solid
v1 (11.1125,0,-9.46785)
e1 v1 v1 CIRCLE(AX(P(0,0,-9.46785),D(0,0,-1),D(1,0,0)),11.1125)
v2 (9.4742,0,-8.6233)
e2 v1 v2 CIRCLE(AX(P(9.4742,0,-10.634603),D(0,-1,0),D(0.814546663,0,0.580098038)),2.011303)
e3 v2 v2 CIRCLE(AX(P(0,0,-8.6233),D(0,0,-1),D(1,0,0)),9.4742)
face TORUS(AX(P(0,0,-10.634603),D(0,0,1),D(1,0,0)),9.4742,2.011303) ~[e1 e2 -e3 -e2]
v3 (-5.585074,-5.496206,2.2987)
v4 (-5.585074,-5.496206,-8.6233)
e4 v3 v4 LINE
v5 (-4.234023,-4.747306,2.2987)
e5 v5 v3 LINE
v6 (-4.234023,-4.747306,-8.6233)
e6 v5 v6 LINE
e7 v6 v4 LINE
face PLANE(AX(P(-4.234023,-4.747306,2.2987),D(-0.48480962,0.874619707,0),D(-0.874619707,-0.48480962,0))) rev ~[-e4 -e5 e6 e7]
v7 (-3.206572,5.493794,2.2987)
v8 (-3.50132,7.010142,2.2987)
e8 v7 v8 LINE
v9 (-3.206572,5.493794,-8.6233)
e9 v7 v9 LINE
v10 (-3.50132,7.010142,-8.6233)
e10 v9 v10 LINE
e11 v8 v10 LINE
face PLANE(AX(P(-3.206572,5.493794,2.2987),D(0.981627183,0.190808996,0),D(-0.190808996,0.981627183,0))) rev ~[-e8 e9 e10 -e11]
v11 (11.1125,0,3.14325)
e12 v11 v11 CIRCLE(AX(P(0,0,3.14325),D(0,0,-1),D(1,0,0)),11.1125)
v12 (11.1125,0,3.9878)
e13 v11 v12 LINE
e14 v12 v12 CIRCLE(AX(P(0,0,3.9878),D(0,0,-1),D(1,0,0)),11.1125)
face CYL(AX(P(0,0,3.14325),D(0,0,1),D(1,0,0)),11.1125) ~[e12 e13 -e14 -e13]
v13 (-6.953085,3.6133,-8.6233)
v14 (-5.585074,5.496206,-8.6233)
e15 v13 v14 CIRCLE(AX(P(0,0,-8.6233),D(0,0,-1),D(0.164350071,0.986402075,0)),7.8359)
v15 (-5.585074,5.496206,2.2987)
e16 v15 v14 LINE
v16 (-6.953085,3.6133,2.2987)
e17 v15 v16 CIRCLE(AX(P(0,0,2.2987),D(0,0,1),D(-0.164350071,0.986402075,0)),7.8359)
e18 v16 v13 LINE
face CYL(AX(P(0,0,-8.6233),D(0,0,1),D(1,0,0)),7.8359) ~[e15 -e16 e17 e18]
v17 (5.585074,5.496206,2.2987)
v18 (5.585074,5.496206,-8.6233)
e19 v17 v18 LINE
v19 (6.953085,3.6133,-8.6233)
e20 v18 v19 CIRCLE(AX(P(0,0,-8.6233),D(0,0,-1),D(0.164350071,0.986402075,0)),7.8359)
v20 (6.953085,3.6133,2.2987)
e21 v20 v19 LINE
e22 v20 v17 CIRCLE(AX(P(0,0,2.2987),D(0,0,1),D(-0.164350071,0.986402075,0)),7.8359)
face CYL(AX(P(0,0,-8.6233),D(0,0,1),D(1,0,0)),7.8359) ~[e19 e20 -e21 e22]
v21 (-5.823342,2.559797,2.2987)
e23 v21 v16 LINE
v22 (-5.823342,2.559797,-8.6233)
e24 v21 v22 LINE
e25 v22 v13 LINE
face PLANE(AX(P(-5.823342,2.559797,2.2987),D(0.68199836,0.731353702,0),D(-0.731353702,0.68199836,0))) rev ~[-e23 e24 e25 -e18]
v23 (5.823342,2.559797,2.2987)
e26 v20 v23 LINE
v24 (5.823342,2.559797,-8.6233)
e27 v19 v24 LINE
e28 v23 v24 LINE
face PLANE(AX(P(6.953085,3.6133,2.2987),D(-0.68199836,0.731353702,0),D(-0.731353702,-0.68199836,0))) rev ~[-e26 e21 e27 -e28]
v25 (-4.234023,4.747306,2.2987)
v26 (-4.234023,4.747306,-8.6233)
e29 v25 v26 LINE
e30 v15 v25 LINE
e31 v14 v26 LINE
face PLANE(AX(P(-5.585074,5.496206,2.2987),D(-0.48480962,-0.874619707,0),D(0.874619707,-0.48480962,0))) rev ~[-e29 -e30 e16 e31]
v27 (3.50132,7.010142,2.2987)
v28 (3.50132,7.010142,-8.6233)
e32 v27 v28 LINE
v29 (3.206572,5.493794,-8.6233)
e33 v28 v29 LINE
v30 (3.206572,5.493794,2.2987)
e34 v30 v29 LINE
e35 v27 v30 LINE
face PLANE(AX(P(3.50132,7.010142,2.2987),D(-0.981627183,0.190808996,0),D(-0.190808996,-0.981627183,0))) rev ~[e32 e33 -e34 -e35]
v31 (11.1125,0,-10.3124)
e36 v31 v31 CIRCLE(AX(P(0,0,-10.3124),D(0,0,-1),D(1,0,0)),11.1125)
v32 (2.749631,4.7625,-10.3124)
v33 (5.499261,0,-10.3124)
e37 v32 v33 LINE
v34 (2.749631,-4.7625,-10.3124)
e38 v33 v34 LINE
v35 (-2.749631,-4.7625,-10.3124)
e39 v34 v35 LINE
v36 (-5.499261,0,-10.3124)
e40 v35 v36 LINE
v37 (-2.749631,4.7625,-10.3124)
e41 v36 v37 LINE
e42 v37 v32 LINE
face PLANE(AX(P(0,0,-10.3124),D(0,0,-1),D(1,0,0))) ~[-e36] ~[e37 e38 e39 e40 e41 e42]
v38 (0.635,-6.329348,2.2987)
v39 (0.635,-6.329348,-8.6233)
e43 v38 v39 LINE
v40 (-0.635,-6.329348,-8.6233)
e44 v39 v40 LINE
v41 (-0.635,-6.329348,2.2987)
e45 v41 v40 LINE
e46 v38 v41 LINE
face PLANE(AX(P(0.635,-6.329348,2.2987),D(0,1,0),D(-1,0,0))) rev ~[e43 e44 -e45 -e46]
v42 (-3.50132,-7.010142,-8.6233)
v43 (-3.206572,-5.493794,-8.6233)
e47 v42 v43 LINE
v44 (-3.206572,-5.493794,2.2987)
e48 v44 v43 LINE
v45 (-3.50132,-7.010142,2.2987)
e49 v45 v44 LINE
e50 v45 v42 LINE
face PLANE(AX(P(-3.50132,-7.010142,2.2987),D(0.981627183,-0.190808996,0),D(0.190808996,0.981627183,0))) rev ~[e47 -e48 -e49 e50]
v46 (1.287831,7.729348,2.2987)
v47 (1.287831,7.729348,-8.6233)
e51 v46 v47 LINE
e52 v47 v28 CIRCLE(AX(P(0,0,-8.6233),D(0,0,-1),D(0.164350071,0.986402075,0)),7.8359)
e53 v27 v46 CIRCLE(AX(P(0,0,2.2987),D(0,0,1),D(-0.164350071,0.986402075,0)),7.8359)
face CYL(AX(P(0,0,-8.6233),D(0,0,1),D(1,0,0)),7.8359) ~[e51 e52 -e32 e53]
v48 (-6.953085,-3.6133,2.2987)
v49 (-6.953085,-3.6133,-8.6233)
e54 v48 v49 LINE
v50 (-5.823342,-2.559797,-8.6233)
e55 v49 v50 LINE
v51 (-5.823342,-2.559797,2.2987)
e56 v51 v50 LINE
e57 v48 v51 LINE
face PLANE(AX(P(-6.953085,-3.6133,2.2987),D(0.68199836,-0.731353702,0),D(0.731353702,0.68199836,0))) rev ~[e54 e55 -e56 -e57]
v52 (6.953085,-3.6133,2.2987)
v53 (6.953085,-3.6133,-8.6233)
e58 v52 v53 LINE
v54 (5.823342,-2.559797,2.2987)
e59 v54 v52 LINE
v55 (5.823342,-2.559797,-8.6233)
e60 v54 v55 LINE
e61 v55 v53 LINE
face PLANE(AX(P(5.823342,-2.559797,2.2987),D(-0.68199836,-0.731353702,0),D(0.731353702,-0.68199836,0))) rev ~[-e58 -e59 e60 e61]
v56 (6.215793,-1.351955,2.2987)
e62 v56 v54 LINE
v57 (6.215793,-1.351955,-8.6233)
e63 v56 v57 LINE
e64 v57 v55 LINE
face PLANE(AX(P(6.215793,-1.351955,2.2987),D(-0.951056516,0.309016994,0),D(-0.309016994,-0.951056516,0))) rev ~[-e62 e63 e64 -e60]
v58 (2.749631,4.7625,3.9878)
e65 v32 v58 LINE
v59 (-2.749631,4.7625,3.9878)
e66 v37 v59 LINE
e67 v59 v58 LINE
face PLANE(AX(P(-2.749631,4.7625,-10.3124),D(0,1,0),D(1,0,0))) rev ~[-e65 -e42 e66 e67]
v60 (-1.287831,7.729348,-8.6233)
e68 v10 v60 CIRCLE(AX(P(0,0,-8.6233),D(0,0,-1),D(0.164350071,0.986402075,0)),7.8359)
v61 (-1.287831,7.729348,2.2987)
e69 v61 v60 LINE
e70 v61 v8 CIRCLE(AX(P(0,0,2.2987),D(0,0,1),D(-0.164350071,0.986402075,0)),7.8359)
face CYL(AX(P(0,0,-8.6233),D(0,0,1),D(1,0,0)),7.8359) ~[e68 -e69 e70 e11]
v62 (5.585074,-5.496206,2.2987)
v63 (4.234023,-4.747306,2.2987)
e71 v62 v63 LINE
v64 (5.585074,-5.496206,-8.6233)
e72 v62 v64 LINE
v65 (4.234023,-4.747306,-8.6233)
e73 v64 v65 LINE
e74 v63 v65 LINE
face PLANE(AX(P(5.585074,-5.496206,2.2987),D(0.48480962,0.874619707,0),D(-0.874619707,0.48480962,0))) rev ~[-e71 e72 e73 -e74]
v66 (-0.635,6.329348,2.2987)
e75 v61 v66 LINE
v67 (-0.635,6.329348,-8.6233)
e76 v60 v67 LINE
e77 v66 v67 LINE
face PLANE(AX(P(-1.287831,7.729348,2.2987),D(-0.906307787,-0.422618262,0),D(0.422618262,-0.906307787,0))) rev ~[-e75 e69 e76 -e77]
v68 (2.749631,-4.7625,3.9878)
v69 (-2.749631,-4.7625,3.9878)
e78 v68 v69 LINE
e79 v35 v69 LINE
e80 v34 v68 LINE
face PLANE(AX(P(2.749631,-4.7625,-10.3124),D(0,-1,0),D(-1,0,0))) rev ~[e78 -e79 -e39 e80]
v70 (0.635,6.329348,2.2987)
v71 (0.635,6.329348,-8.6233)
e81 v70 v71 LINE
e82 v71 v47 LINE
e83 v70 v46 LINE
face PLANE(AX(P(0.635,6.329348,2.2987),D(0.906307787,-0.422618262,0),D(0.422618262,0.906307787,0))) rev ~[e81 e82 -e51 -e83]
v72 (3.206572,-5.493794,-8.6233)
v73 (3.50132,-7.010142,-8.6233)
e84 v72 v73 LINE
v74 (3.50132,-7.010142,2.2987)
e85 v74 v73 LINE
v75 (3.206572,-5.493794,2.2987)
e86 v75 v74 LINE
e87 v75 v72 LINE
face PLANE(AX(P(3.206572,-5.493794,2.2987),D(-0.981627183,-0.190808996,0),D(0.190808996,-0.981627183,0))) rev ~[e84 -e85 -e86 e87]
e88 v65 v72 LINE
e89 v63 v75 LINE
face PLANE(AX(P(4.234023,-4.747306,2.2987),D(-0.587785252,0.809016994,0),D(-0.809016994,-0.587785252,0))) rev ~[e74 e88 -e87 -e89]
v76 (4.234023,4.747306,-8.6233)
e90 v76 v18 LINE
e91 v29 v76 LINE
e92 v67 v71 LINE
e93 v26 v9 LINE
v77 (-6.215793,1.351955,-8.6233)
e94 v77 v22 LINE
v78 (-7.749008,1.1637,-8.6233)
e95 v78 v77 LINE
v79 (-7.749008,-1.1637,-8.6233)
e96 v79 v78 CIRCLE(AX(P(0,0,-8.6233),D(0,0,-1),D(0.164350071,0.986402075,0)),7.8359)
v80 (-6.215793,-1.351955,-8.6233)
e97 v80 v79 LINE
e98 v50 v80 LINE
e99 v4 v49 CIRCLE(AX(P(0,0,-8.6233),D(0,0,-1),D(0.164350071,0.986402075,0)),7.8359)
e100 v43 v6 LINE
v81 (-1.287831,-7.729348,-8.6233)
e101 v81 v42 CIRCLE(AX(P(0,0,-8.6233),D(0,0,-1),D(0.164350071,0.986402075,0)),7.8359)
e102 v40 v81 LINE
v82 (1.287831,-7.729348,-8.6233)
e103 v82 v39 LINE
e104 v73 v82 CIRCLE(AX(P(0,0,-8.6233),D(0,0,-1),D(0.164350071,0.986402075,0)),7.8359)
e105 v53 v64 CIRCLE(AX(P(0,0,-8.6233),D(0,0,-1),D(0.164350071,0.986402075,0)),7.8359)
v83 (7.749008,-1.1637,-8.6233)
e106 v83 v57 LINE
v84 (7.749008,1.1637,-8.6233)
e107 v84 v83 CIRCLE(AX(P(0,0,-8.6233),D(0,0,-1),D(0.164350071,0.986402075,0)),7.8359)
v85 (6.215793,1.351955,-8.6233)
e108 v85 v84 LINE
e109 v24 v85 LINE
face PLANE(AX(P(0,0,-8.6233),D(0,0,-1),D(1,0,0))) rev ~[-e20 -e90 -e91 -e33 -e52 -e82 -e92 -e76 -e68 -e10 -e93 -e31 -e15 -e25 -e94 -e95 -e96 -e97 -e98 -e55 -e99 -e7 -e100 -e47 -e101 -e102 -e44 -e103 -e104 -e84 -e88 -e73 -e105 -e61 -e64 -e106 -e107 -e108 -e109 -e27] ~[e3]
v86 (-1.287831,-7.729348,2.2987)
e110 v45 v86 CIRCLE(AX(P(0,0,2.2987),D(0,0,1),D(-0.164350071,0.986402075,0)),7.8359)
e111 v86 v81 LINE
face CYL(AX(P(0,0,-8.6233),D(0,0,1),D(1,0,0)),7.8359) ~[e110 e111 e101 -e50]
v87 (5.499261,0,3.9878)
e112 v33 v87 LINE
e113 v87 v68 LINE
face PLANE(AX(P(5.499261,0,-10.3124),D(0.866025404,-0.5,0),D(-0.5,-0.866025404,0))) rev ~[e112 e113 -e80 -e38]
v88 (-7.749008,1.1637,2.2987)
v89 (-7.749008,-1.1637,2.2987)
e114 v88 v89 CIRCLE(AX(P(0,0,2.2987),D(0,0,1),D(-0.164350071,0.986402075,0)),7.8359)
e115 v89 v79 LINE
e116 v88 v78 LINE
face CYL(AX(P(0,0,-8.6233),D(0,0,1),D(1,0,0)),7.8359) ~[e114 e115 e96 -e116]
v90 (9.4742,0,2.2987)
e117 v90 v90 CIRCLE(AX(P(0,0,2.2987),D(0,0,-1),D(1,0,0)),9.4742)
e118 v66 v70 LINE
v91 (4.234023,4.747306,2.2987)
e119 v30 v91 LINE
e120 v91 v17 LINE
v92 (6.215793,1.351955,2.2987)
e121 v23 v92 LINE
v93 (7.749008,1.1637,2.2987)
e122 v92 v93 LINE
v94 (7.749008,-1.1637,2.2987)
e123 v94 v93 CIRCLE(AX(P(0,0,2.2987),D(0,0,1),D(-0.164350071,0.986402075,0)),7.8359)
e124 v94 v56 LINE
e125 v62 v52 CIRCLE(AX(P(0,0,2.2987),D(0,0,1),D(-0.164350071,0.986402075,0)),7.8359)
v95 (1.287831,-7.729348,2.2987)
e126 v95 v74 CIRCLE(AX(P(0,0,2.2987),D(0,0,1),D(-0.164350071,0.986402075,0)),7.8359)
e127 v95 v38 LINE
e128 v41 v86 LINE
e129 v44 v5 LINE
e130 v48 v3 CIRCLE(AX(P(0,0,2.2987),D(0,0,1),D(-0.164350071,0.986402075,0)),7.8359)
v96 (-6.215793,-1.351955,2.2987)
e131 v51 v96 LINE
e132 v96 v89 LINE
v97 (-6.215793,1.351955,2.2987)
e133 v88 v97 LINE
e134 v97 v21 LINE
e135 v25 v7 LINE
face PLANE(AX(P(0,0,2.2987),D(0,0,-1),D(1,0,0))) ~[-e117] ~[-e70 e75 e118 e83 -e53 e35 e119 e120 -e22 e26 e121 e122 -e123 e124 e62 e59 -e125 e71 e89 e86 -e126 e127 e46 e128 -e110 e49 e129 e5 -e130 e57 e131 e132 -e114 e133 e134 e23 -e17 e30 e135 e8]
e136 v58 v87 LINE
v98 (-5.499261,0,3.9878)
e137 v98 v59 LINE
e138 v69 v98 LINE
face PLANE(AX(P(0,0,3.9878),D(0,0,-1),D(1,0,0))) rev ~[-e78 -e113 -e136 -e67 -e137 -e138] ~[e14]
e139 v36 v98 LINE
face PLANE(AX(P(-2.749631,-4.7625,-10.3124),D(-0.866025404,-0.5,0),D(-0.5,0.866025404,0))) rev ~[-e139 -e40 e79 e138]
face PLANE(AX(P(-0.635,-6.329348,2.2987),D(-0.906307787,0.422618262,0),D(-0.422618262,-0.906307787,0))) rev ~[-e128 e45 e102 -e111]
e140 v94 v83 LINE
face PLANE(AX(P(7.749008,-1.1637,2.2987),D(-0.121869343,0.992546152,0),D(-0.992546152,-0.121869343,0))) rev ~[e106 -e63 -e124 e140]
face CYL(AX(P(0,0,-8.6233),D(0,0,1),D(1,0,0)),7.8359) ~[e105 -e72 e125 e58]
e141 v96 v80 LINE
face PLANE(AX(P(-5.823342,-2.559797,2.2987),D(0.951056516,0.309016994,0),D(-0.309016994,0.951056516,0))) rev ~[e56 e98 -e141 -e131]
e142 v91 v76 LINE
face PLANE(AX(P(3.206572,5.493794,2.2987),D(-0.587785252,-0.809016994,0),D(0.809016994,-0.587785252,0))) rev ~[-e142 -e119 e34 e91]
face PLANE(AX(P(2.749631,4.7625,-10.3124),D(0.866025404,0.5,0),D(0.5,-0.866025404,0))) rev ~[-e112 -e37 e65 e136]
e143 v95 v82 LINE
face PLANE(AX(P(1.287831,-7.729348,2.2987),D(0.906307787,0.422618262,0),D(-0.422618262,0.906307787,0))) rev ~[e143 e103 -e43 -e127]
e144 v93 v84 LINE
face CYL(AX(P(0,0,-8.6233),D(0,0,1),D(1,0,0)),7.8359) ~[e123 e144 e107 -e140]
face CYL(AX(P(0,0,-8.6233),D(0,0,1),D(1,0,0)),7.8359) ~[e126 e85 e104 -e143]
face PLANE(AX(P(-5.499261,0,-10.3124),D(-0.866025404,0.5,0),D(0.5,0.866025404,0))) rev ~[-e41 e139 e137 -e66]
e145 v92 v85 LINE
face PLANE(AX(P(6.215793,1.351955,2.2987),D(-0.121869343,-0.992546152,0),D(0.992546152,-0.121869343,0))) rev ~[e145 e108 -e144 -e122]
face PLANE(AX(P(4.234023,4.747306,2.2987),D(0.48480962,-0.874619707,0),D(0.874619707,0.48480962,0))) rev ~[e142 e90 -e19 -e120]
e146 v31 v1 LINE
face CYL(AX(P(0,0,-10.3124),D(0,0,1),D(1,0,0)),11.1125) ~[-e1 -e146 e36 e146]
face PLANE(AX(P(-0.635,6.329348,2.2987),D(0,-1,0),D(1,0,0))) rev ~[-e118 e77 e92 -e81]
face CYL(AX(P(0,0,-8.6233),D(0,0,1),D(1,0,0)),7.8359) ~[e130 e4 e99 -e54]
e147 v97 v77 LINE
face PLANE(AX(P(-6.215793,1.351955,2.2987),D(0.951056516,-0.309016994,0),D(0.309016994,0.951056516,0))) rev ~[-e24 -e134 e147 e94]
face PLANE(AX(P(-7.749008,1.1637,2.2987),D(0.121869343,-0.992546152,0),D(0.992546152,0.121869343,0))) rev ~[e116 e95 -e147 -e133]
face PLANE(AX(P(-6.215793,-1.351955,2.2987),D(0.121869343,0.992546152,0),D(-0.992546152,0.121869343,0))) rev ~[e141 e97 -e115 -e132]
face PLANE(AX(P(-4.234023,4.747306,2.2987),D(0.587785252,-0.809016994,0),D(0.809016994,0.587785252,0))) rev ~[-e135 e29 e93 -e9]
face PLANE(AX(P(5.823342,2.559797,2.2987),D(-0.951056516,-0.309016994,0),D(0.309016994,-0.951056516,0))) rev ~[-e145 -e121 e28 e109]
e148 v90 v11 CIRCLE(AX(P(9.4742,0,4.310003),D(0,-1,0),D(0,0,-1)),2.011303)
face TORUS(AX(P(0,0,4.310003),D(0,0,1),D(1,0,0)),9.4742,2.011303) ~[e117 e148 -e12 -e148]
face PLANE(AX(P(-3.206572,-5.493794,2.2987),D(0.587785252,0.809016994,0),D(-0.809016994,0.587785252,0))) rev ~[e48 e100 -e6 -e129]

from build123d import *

# Parameters (mm, degrees)
CUT_EXTRUDE1_START = 2.2987
CUT_EXTRUDE1_DEPTH = 10.922
CIRPATTERN1_COUNT  = 10
CUT_EXTRUDE2_DEPTH = 25.654


with BuildPart() as part:
    # Sketch2 → Revolve1 (revolve)
    with BuildSketch(Plane(origin=(0, 0, 0), x_dir=(0, 0, -1), z_dir=(1, 0, 0)), mode=Mode.PRIVATE) as revolve1_sk:
        with BuildLine():
            Line((-3.9878, 2.5), (10.3124, 2.5))
            Line((10.3124, 2.5), (10.3124, 11.1125))
            Line((10.3124, 11.1125), (9.46785, 11.1125))
            ThreePointArc((9.46785, 11.1125), (8.846862309, 10.395787163), (8.6233, 9.4742))
            Line((8.6233, 9.4742), (8.6233, 7.8359))
            Line((8.6233, 7.8359), (-2.2987, 7.8359))
            Line((-2.2987, 7.8359), (-2.2987, 9.4742))
            ThreePointArc((-2.2987, 9.4742), (-2.522262309, 10.395787163), (-3.14325, 11.1125))
            Line((-3.14325, 11.1125), (-3.9878, 11.1125))
            Line((-3.9878, 11.1125), (-3.9878, 2.5))
        make_face()
    revolve(revolve1_sk.sketch.rotate(Axis((0, 0, 10.3124), (0, 0, -1)), 90), axis=Axis((0, 0, 10.3124), (0, 0, -1)))

    # Sketch3 → Cut-Extrude1 (cut)
    with BuildSketch(Plane.XY.offset(CUT_EXTRUDE1_START)):
        with BuildLine():
            Line((-0.635, 6.329348022), (0.635, 6.329348022))
            Line((0.635, 6.329348022), (1.287830721, 7.729348022))
            ThreePointArc((1.287830721, 7.729348022), (0, 7.8359), (-1.287830721, 7.729348022))
            Line((-1.287830721, 7.729348022), (-0.635, 6.329348022))
        make_face()
    cut_extrude1 = extrude(amount=-CUT_EXTRUDE1_DEPTH, mode=Mode.SUBTRACT)

    # CirPattern1: Cut-Extrude1 ×10 about axis
    cirpattern1_axis = Axis((0, 0, 0), (0, 0, 1))
    for i in range(1, CIRPATTERN1_COUNT):
        add(cut_extrude1.rotate(cirpattern1_axis, i * 360 / CIRPATTERN1_COUNT), mode=Mode.SUBTRACT)

    # Sketch6 → Cut-Extrude2 (cut)
    with BuildSketch(Plane(origin=(0, 0, -10.3124), x_dir=(-1, 0, 0), z_dir=(0, 0, -1))):
        Polygon((5.499261314, 0), (2.749630657, 4.7625), (-2.749630657, 4.7625), (-5.499261314, 0), (-2.749630657, -4.7625), (2.749630657, -4.7625), align=None)
    extrude(amount=-CUT_EXTRUDE2_DEPTH, mode=Mode.SUBTRACT)


solid = part.part
